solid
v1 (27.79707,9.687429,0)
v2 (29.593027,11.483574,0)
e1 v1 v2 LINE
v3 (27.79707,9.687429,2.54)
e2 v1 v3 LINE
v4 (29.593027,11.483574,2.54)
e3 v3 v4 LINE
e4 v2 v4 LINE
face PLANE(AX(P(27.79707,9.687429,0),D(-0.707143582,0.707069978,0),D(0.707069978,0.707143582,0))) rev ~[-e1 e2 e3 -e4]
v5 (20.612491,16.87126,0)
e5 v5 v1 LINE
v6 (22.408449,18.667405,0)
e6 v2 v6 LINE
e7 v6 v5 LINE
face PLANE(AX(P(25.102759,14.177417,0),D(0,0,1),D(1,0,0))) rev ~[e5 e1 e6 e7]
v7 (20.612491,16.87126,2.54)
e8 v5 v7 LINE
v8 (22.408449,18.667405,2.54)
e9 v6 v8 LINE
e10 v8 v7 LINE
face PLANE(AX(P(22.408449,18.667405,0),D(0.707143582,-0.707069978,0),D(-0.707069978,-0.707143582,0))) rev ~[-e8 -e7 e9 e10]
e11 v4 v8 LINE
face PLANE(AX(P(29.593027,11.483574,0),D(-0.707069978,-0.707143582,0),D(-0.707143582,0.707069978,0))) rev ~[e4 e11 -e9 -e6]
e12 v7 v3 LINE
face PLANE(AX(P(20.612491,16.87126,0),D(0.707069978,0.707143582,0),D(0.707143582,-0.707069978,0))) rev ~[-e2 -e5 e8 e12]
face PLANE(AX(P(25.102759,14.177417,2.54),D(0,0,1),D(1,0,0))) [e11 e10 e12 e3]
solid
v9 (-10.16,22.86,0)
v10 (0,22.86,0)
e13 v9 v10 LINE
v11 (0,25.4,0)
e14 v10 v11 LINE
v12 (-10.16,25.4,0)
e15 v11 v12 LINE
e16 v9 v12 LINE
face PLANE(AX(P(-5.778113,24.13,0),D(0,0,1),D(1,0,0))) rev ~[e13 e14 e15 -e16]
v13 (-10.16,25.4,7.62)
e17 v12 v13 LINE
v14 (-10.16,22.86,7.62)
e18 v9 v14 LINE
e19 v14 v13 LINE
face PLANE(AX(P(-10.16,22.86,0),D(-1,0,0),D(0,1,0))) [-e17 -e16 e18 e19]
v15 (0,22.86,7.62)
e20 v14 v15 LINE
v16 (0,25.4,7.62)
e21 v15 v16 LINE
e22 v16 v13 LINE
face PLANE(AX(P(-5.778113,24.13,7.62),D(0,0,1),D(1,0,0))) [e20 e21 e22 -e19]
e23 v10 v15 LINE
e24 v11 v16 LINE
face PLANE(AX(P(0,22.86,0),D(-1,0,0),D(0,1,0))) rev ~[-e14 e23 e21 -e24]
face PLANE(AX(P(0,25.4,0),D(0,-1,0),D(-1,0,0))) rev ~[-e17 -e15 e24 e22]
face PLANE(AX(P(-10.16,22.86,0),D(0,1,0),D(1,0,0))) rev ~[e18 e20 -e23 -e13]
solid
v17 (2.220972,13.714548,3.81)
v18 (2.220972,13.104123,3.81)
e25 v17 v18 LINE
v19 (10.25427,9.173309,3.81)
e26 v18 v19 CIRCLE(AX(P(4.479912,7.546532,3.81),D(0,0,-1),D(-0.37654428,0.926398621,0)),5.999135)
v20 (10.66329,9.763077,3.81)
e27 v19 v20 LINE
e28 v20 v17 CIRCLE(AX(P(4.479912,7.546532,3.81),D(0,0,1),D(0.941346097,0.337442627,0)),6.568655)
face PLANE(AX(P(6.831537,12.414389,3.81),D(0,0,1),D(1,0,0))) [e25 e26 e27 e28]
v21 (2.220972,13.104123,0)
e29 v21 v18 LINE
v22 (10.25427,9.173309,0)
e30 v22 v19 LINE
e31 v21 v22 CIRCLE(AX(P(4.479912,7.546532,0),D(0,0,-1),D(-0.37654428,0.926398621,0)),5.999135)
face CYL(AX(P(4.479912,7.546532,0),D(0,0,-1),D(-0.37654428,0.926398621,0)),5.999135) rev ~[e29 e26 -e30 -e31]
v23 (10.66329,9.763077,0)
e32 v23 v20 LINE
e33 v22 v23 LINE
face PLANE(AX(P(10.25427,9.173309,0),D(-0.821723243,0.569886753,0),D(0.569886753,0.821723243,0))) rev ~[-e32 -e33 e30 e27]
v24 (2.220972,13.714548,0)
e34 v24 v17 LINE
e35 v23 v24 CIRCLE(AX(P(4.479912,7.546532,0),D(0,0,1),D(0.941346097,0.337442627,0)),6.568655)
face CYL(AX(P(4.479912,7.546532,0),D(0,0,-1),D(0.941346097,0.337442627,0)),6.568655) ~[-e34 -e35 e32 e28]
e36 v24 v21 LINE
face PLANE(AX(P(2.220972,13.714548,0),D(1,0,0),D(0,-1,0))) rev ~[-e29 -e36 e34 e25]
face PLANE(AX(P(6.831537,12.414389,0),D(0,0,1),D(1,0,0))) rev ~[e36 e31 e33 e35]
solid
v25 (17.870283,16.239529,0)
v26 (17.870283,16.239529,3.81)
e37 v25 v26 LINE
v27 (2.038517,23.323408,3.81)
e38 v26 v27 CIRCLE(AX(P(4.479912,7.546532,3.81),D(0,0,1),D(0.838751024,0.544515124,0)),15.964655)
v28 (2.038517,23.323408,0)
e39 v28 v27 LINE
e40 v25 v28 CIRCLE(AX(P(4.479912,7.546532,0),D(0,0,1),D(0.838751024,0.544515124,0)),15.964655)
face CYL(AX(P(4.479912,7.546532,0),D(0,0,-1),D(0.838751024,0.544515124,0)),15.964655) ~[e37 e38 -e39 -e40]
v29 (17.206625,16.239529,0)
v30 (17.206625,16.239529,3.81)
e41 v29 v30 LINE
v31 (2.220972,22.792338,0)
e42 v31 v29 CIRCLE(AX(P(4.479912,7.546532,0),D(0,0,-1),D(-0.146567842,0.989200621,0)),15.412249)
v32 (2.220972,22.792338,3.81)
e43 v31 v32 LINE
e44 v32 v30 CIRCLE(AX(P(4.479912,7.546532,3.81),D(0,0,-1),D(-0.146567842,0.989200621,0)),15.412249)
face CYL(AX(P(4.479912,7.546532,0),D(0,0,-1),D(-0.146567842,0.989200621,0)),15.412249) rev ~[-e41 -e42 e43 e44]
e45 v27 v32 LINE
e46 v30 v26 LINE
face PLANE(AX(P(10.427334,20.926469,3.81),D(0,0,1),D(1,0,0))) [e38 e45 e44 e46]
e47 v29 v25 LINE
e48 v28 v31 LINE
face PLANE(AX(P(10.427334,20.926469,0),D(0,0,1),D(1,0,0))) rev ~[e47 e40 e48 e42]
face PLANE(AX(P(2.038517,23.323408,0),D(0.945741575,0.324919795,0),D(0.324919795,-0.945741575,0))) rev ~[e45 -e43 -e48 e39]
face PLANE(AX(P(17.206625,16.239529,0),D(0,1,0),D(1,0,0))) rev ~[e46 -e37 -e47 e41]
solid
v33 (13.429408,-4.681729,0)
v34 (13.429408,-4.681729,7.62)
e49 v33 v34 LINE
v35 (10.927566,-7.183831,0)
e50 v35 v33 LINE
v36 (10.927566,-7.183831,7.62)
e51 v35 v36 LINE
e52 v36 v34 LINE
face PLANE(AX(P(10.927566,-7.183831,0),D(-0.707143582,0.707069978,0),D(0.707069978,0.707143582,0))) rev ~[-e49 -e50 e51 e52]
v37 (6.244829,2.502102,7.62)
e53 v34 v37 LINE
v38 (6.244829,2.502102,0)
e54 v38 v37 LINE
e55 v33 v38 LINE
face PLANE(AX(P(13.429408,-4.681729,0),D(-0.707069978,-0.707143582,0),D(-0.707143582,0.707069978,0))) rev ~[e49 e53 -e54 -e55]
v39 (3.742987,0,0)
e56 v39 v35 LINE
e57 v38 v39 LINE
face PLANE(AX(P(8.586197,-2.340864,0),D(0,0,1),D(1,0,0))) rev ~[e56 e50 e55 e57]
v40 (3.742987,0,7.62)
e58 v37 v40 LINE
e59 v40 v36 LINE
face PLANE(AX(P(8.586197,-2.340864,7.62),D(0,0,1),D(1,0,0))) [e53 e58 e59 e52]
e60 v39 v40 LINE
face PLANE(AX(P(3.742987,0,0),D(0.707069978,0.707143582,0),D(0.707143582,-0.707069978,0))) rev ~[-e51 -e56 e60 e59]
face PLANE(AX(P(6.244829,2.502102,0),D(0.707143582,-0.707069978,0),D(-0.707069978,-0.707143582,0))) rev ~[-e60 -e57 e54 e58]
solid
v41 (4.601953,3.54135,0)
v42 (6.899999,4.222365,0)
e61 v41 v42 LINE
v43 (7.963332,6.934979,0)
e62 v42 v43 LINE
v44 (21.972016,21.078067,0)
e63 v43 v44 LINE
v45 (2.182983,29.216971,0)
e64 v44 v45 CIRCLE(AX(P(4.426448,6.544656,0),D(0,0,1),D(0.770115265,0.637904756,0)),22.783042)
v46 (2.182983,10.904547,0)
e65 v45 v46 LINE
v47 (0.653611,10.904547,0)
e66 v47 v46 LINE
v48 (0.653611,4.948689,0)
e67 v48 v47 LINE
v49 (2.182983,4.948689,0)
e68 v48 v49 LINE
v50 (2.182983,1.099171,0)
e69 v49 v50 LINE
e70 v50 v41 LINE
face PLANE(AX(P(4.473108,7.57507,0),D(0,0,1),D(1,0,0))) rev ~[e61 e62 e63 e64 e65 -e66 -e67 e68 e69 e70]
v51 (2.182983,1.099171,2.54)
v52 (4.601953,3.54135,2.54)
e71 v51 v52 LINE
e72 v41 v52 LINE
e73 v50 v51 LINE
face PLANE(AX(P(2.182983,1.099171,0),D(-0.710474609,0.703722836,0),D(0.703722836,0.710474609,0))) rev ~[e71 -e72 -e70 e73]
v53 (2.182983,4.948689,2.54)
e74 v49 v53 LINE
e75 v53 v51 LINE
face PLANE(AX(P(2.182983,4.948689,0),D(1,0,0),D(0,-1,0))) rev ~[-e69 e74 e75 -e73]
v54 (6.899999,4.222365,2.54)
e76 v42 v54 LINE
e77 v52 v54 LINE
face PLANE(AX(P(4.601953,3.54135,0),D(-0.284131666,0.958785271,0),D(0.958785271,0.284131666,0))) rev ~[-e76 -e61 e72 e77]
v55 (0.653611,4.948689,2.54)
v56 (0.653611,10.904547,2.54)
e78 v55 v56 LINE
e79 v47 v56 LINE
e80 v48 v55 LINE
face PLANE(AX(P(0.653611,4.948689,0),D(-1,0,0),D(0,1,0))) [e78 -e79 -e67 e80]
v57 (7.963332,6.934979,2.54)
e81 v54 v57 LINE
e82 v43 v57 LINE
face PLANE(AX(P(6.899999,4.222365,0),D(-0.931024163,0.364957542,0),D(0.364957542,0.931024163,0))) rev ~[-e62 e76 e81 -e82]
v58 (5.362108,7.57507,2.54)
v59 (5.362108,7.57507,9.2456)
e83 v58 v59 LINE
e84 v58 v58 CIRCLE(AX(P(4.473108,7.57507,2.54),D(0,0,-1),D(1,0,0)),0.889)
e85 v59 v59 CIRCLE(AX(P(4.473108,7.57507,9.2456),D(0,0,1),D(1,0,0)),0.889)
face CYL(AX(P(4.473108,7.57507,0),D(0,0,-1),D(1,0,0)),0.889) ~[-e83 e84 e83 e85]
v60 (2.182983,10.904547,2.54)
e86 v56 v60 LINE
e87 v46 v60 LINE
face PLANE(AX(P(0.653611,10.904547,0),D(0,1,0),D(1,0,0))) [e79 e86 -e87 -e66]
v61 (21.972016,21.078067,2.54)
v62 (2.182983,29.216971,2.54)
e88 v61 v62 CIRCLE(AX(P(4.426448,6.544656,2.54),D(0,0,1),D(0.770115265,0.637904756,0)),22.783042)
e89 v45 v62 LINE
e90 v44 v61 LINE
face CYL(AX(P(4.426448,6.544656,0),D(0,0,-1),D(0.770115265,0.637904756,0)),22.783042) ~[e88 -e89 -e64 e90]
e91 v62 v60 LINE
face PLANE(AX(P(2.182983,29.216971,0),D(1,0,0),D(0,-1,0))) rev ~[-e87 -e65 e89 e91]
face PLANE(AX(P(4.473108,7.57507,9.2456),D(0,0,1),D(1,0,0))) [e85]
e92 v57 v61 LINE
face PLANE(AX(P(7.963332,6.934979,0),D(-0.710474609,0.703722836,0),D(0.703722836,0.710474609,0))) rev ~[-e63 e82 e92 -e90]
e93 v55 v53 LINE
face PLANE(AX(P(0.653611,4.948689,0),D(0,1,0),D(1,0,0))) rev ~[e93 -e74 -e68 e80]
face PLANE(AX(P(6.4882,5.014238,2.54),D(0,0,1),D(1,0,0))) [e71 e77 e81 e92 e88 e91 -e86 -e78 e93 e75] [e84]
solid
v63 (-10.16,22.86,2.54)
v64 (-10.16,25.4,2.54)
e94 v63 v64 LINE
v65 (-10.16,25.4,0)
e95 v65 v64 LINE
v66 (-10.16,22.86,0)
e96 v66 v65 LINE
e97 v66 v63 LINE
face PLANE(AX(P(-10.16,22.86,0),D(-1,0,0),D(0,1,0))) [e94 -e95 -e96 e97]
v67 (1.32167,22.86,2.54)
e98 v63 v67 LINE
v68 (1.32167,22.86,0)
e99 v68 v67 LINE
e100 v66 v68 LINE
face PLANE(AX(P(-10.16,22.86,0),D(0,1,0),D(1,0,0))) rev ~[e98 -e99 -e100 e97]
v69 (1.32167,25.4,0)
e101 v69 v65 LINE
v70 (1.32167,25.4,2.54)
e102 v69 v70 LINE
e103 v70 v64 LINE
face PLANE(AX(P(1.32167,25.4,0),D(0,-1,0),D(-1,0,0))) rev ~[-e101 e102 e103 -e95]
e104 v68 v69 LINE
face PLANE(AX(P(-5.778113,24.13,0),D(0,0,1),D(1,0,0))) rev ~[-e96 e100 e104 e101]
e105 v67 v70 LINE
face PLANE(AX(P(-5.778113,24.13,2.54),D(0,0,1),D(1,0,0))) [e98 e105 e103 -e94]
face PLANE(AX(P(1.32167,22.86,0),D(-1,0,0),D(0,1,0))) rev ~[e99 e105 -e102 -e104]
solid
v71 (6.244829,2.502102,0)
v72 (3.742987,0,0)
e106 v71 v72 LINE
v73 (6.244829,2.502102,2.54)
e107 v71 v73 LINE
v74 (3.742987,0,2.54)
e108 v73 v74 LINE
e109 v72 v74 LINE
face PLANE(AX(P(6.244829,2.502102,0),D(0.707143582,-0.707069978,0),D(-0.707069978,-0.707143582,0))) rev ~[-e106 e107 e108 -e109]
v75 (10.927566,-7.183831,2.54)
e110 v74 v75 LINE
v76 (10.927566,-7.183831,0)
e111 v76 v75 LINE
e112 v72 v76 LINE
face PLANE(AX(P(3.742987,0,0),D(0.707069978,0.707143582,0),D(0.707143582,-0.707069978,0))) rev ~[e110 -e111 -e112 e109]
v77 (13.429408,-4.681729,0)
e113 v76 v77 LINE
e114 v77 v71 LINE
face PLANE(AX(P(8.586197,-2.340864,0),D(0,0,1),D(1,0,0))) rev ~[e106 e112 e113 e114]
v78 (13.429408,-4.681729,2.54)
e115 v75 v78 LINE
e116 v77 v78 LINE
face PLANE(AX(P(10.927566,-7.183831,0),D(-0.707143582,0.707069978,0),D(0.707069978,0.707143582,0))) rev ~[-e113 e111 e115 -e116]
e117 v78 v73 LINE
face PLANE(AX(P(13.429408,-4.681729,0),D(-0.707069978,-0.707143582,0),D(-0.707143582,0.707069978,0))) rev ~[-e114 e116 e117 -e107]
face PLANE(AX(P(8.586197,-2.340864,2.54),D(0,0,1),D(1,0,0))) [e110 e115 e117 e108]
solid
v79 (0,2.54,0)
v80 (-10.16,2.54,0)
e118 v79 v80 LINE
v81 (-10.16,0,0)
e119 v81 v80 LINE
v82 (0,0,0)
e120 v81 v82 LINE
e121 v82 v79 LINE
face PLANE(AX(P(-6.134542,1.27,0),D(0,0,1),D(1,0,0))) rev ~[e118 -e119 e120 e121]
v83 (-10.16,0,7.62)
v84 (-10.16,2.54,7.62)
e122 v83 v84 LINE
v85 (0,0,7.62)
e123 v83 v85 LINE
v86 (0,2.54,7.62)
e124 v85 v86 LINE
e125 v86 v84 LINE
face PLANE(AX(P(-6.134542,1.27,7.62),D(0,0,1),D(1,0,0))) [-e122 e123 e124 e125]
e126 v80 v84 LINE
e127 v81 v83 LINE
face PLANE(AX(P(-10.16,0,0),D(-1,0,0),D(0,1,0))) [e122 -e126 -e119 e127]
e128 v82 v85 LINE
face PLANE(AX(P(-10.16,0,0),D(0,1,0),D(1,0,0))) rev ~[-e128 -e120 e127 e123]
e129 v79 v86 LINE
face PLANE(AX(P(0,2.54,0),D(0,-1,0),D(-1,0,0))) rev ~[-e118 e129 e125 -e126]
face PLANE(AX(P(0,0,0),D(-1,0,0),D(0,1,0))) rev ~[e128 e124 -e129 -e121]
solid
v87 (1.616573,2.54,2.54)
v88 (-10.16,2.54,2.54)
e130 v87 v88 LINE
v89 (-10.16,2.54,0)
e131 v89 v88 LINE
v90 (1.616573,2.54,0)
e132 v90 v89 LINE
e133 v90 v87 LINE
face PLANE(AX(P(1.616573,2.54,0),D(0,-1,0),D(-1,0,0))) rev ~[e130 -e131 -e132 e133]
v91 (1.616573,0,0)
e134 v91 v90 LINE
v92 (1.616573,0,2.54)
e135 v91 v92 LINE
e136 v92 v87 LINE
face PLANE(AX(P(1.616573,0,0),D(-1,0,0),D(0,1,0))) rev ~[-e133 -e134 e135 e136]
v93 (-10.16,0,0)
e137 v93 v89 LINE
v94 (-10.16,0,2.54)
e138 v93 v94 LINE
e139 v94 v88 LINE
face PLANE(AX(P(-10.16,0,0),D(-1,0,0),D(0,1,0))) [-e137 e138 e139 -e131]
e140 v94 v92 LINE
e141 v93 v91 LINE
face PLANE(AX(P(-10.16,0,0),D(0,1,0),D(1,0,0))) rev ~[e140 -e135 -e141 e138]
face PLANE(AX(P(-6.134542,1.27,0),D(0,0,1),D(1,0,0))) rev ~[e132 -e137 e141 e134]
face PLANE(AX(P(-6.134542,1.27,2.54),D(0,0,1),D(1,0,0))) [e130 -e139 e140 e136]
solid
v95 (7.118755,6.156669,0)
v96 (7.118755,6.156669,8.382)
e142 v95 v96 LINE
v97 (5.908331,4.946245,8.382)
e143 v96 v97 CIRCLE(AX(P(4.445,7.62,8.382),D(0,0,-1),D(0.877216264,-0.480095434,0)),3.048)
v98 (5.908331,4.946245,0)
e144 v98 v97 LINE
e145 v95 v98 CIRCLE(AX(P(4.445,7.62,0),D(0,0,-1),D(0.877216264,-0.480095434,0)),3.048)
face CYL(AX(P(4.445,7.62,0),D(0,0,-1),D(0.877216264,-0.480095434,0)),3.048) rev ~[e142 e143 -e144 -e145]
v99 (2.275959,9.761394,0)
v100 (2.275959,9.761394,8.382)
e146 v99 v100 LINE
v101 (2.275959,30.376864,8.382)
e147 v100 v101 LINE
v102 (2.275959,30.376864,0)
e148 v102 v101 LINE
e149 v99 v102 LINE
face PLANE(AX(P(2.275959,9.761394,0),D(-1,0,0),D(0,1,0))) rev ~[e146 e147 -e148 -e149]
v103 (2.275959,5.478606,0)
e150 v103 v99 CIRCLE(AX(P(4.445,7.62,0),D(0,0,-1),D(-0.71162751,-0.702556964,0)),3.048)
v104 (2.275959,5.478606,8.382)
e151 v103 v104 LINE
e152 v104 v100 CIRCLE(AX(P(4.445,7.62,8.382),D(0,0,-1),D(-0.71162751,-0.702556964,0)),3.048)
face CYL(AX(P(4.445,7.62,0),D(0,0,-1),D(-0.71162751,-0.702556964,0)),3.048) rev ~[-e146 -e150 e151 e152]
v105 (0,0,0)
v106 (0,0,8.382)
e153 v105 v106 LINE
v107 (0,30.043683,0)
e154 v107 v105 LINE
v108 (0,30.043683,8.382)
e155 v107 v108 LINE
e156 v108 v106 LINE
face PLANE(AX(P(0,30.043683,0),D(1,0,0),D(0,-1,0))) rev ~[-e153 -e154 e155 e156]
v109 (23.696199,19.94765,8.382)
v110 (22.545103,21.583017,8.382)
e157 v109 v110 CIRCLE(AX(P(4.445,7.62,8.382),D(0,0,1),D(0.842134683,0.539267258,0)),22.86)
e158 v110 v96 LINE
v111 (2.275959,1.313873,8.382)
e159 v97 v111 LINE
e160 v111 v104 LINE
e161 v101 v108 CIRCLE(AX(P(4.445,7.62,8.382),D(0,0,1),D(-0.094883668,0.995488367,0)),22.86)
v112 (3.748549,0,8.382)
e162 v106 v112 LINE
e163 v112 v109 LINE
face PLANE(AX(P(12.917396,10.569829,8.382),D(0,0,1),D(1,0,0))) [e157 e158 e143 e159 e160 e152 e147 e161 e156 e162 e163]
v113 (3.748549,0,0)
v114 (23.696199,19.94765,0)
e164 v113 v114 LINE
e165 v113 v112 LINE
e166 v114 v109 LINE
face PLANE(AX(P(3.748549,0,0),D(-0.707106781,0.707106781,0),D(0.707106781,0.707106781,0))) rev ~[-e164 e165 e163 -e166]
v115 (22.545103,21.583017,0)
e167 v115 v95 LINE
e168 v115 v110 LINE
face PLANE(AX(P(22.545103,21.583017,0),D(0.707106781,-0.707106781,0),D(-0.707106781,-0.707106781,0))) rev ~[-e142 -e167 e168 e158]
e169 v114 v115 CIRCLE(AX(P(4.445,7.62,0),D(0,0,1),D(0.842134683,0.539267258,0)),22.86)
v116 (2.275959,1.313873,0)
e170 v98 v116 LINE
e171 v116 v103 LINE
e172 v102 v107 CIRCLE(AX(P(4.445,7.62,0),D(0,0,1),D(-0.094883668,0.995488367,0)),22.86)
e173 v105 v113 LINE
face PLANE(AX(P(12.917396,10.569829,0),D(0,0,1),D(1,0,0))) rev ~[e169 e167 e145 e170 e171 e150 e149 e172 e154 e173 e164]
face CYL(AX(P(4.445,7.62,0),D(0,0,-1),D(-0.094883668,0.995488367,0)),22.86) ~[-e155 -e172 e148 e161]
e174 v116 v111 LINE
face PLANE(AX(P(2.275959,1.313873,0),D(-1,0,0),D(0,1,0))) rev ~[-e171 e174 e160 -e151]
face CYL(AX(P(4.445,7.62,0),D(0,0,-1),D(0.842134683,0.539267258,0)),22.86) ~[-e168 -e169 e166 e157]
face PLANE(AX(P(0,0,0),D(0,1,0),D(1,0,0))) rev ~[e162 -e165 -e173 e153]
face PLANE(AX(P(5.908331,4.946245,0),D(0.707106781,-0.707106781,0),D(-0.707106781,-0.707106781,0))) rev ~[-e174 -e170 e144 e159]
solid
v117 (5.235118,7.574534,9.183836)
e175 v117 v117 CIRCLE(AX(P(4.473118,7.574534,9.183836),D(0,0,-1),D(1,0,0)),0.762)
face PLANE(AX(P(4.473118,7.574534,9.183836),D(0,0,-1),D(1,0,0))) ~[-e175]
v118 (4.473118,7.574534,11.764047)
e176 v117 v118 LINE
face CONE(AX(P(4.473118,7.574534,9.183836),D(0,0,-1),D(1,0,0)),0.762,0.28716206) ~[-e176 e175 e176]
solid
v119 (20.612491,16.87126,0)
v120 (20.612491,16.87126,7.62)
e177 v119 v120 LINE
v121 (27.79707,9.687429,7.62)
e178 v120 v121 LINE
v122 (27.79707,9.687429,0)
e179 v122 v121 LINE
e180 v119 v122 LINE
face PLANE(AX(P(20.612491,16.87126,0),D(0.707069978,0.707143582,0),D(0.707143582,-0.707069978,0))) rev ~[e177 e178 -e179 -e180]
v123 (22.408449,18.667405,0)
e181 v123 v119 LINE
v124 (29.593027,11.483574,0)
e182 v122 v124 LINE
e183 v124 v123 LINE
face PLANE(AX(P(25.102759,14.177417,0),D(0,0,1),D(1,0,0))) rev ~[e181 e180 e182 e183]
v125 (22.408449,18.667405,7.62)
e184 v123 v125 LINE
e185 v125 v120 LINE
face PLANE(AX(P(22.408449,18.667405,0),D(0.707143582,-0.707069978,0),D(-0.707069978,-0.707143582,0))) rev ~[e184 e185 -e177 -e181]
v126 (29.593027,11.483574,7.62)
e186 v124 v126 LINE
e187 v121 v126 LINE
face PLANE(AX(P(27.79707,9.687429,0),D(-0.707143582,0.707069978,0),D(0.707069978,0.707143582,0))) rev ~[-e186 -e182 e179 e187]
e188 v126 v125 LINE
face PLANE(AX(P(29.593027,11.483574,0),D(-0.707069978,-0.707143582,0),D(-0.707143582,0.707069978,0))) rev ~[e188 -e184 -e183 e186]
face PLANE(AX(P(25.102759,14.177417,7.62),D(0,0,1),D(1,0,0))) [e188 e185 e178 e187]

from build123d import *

# Parameters (mm, degrees)
F1_DEPTH  = 8.382
F3_DEPTH  = 2.54
F2_W      = 8.050916653
F2_H      = 2.54
F2_W_2    = 1.6165730776
F2_W_3    = 2.109083347
F2_W_4    = 8.7637735362
F2_W_5    = 1.3216704829
F2_W_6    = 1.3962264638
F2_W_7    = 1.5293723554
F2_H_2    = 5.9558576904
F4_R      = 0.889
F5_DEPTH  = 9.2456
F7_DEPTH  = 3.81
F11_DEPTH = 7.62


with BuildPart() as f1:
    # F0 (on Top) → F1 (new body)
    with BuildSketch(Plane.XY):
        with BuildLine():
            Line((3.7485493437, 0), (23.6961988577, 19.947649514))
            ThreePointArc((23.6961988577, 19.947649514), (23.1385430874, 20.7779271482), (22.5451034559, 21.583017399))
            Line((22.5451034559, 21.583017399), (7.1187551725, 6.1566691156))
            ThreePointArc((7.1187551725, 6.1566691156), (6.6002614691, 5.4647385309), (5.9083308844, 4.9462448275))
            Line((5.9083308844, 4.9462448275), (2.2759593506, 1.3138732936))
            Line((2.2759593506, 1.3138732936), (2.2759593506, 0))
            Line((2.2759593506, 0), (3.7485493437, 0))
        make_face()
        with BuildLine():
            ThreePointArc((2.2759593506, 30.3768640779), (1.1337863589, 30.2389182814), (0, 30.0436833504))
            Line((0, 30.0436833504), (0, 0))
            Line((0, 0), (2.2759593506, 0))
            Line((2.2759593506, 0), (2.2759593506, 1.3138732936))
            Line((2.2759593506, 1.3138732936), (2.2759593506, 5.4786063741))
            ThreePointArc((2.2759593506, 5.4786063741), (1.397, 7.62), (2.2759593506, 9.7613936259))
            Line((2.2759593506, 9.7613936259), (2.2759593506, 30.3768640779))
        make_face()
    extrude(amount=F1_DEPTH)


with BuildPart() as f3:
    # F2 (on Top) → F3 (new body)
    with BuildSketch(Plane.XY):
        Polygon((6.2448288078, 2.5021023202), (3.7429869211, 0), (10.9275657147, -7.1838309806), (13.4294076014, -4.6817286604), align=None)
    extrude(amount=F3_DEPTH)


with BuildPart() as f3b:
    # F2 (on Top) → F3, piece 2 (new body)
    with BuildSketch(Plane.XY):
        Polygon((22.4084485141, 18.6674046059), (20.612490769, 16.8712599075), (27.7970695626, 9.6874289269), (29.5930273078, 11.4835736253), align=None)
    extrude(amount=F3_DEPTH)


with BuildPart() as f3c:
    # F2 (on Top) → F3, piece 3 (new body)
    with BuildSketch(Plane.XY):
        with Locations((-6.1345416735, 1.27)):
            Rectangle(F2_W, F2_H)
        with Locations((0.8082865388, 1.27)):
            Rectangle(F2_W_2, F2_H)
        with Locations((-1.0545416735, 1.27)):
            Rectangle(F2_W_3, F2_H)
    extrude(amount=F3_DEPTH)


with BuildPart() as f3d:
    # F2 (on Top) → F3, piece 4 (new body)
    with BuildSketch(Plane.XY):
        with Locations((-5.7781132319, 24.13)):
            Rectangle(F2_W_4, F2_H)
        with Locations((0.6608352414, 24.13)):
            Rectangle(F2_W_5, F2_H)
        with Locations((-0.6981132319, 24.13)):
            Rectangle(F2_W_6, F2_H)
    extrude(amount=F3_DEPTH)


with BuildPart() as f3e:
    # F2 (on Top) → F3, piece 5 (new body)
    with BuildSketch(Plane.XY):
        Polygon((6.899998989, 4.2223650962), (7.9633320999, 6.9349787761), (4.6019532938, 3.541349678), align=None)
        with Locations((1.4182971499, 7.9266179819)):
            Rectangle(F2_W_7, F2_H_2)
        with BuildLine():
            Line((7.9633320999, 6.9349787761), (21.9720159885, 21.0780670779))
            ThreePointArc((21.9720159885, 21.0780670779), (13.0924177111, 27.6152035166), (2.1829833277, 29.2169712334))
            Line((2.1829833277, 29.2169712334), (2.1829833277, 10.9045468271))
            Line((2.1829833277, 10.9045468271), (2.1829833277, 4.9486891367))
            Line((2.1829833277, 4.9486891367), (2.1829833277, 1.0991712334))
            Line((2.1829833277, 1.0991712334), (4.6019532938, 3.541349678))
            Line((4.6019532938, 3.541349678), (7.9633320999, 6.9349787761))
        make_face()
    extrude(amount=F3_DEPTH)

    # F4 (on Top) → F5 (join)
    with BuildSketch(Plane.XY):
        with Locations((4.4731078669, 7.5750704855)):
            Circle(F4_R)
    extrude(amount=F5_DEPTH)


with BuildPart() as f7:
    # F6 (on Top) → F7 (new body)
    with BuildSketch(Plane.XY):
        with BuildLine():
            Line((10.2542703971, 9.1733094305), (10.663289557, 9.7630766937))
            ThreePointArc((10.663289557, 9.7630766937), (7.2644825882, 13.4957673027), (2.2209716257, 13.7145483921))
            Line((2.2209716257, 13.7145483921), (2.2209716257, 13.1041229547))
            ThreePointArc((2.2209716257, 13.1041229547), (7.1166456012, 12.9351553046), (10.2542703971, 9.1733094305))
        make_face()
    extrude(amount=F7_DEPTH)


with BuildPart() as f7b:
    # F6 (on Top) → F7, piece 2 (new body)
    with BuildSketch(Plane.XY):
        with BuildLine():
            ThreePointArc((2.2209716257, 22.7923383599), (10.6547311493, 21.6677580329), (17.2066246046, 16.2395287853))
            Line((17.2066246046, 16.2395287853), (17.8702827543, 16.2395287853))
            ThreePointArc((17.8702827543, 16.2395287853), (11.0002918162, 22.1189332808), (2.0385167454, 23.3234083914))
            Line((2.0385167454, 23.3234083914), (2.2209716257, 22.7923383599))
        make_face()
    extrude(amount=F7_DEPTH)


with BuildPart() as f10:
    # F9 (on offset) → F10 (revolve)
    with BuildSketch(Plane.XZ.offset(-7.574534)):
        Polygon((4.4731178, 11.7640467361), (4.4731178, 10.1937586442), (4.4731178, 9.1838361695), (5.2351178, 9.1838361695), align=None)
    revolve(axis=Axis((4.4731178, 7.574534, 4.191), (0, 0, -1)))


with BuildPart() as f11:
    # F2 (on Top) → F11 (new body)
    with BuildSketch(Plane.XY):
        with Locations((-5.7781132319, 24.13)):
            Rectangle(F2_W_4, F2_H)
        with Locations((-0.6981132319, 24.13)):
            Rectangle(F2_W_6, F2_H)
    extrude(amount=F11_DEPTH)


with BuildPart() as f11b:
    # F2 (on Top) → F11, piece 2 (new body)
    with BuildSketch(Plane.XY):
        with Locations((-6.1345416735, 1.27)):
            Rectangle(F2_W, F2_H)
        with Locations((-1.0545416735, 1.27)):
            Rectangle(F2_W_3, F2_H)
    extrude(amount=F11_DEPTH)


with BuildPart() as f11c:
    # F2 (on Top) → F11, piece 3 (new body)
    with BuildSketch(Plane.XY):
        Polygon((6.2448288078, 2.5021023202), (3.7429869211, 0), (10.9275657147, -7.1838309806), (13.4294076014, -4.6817286604), align=None)
    extrude(amount=F11_DEPTH)


with BuildPart() as f11d:
    # F2 (on Top) → F11, piece 4 (new body)
    with BuildSketch(Plane.XY):
        Polygon((22.4084485141, 18.6674046059), (20.612490769, 16.8712599075), (27.7970695626, 9.6874289269), (29.5930273078, 11.4835736253), align=None)
    extrude(amount=F11_DEPTH)


solid = Compound([f1.part, f3.part, f3b.part, f3c.part, f3d.part, f3e.part, f7.part, f7b.part, f10.part, f11.part, f11b.part, f11c.part, f11d.part])
